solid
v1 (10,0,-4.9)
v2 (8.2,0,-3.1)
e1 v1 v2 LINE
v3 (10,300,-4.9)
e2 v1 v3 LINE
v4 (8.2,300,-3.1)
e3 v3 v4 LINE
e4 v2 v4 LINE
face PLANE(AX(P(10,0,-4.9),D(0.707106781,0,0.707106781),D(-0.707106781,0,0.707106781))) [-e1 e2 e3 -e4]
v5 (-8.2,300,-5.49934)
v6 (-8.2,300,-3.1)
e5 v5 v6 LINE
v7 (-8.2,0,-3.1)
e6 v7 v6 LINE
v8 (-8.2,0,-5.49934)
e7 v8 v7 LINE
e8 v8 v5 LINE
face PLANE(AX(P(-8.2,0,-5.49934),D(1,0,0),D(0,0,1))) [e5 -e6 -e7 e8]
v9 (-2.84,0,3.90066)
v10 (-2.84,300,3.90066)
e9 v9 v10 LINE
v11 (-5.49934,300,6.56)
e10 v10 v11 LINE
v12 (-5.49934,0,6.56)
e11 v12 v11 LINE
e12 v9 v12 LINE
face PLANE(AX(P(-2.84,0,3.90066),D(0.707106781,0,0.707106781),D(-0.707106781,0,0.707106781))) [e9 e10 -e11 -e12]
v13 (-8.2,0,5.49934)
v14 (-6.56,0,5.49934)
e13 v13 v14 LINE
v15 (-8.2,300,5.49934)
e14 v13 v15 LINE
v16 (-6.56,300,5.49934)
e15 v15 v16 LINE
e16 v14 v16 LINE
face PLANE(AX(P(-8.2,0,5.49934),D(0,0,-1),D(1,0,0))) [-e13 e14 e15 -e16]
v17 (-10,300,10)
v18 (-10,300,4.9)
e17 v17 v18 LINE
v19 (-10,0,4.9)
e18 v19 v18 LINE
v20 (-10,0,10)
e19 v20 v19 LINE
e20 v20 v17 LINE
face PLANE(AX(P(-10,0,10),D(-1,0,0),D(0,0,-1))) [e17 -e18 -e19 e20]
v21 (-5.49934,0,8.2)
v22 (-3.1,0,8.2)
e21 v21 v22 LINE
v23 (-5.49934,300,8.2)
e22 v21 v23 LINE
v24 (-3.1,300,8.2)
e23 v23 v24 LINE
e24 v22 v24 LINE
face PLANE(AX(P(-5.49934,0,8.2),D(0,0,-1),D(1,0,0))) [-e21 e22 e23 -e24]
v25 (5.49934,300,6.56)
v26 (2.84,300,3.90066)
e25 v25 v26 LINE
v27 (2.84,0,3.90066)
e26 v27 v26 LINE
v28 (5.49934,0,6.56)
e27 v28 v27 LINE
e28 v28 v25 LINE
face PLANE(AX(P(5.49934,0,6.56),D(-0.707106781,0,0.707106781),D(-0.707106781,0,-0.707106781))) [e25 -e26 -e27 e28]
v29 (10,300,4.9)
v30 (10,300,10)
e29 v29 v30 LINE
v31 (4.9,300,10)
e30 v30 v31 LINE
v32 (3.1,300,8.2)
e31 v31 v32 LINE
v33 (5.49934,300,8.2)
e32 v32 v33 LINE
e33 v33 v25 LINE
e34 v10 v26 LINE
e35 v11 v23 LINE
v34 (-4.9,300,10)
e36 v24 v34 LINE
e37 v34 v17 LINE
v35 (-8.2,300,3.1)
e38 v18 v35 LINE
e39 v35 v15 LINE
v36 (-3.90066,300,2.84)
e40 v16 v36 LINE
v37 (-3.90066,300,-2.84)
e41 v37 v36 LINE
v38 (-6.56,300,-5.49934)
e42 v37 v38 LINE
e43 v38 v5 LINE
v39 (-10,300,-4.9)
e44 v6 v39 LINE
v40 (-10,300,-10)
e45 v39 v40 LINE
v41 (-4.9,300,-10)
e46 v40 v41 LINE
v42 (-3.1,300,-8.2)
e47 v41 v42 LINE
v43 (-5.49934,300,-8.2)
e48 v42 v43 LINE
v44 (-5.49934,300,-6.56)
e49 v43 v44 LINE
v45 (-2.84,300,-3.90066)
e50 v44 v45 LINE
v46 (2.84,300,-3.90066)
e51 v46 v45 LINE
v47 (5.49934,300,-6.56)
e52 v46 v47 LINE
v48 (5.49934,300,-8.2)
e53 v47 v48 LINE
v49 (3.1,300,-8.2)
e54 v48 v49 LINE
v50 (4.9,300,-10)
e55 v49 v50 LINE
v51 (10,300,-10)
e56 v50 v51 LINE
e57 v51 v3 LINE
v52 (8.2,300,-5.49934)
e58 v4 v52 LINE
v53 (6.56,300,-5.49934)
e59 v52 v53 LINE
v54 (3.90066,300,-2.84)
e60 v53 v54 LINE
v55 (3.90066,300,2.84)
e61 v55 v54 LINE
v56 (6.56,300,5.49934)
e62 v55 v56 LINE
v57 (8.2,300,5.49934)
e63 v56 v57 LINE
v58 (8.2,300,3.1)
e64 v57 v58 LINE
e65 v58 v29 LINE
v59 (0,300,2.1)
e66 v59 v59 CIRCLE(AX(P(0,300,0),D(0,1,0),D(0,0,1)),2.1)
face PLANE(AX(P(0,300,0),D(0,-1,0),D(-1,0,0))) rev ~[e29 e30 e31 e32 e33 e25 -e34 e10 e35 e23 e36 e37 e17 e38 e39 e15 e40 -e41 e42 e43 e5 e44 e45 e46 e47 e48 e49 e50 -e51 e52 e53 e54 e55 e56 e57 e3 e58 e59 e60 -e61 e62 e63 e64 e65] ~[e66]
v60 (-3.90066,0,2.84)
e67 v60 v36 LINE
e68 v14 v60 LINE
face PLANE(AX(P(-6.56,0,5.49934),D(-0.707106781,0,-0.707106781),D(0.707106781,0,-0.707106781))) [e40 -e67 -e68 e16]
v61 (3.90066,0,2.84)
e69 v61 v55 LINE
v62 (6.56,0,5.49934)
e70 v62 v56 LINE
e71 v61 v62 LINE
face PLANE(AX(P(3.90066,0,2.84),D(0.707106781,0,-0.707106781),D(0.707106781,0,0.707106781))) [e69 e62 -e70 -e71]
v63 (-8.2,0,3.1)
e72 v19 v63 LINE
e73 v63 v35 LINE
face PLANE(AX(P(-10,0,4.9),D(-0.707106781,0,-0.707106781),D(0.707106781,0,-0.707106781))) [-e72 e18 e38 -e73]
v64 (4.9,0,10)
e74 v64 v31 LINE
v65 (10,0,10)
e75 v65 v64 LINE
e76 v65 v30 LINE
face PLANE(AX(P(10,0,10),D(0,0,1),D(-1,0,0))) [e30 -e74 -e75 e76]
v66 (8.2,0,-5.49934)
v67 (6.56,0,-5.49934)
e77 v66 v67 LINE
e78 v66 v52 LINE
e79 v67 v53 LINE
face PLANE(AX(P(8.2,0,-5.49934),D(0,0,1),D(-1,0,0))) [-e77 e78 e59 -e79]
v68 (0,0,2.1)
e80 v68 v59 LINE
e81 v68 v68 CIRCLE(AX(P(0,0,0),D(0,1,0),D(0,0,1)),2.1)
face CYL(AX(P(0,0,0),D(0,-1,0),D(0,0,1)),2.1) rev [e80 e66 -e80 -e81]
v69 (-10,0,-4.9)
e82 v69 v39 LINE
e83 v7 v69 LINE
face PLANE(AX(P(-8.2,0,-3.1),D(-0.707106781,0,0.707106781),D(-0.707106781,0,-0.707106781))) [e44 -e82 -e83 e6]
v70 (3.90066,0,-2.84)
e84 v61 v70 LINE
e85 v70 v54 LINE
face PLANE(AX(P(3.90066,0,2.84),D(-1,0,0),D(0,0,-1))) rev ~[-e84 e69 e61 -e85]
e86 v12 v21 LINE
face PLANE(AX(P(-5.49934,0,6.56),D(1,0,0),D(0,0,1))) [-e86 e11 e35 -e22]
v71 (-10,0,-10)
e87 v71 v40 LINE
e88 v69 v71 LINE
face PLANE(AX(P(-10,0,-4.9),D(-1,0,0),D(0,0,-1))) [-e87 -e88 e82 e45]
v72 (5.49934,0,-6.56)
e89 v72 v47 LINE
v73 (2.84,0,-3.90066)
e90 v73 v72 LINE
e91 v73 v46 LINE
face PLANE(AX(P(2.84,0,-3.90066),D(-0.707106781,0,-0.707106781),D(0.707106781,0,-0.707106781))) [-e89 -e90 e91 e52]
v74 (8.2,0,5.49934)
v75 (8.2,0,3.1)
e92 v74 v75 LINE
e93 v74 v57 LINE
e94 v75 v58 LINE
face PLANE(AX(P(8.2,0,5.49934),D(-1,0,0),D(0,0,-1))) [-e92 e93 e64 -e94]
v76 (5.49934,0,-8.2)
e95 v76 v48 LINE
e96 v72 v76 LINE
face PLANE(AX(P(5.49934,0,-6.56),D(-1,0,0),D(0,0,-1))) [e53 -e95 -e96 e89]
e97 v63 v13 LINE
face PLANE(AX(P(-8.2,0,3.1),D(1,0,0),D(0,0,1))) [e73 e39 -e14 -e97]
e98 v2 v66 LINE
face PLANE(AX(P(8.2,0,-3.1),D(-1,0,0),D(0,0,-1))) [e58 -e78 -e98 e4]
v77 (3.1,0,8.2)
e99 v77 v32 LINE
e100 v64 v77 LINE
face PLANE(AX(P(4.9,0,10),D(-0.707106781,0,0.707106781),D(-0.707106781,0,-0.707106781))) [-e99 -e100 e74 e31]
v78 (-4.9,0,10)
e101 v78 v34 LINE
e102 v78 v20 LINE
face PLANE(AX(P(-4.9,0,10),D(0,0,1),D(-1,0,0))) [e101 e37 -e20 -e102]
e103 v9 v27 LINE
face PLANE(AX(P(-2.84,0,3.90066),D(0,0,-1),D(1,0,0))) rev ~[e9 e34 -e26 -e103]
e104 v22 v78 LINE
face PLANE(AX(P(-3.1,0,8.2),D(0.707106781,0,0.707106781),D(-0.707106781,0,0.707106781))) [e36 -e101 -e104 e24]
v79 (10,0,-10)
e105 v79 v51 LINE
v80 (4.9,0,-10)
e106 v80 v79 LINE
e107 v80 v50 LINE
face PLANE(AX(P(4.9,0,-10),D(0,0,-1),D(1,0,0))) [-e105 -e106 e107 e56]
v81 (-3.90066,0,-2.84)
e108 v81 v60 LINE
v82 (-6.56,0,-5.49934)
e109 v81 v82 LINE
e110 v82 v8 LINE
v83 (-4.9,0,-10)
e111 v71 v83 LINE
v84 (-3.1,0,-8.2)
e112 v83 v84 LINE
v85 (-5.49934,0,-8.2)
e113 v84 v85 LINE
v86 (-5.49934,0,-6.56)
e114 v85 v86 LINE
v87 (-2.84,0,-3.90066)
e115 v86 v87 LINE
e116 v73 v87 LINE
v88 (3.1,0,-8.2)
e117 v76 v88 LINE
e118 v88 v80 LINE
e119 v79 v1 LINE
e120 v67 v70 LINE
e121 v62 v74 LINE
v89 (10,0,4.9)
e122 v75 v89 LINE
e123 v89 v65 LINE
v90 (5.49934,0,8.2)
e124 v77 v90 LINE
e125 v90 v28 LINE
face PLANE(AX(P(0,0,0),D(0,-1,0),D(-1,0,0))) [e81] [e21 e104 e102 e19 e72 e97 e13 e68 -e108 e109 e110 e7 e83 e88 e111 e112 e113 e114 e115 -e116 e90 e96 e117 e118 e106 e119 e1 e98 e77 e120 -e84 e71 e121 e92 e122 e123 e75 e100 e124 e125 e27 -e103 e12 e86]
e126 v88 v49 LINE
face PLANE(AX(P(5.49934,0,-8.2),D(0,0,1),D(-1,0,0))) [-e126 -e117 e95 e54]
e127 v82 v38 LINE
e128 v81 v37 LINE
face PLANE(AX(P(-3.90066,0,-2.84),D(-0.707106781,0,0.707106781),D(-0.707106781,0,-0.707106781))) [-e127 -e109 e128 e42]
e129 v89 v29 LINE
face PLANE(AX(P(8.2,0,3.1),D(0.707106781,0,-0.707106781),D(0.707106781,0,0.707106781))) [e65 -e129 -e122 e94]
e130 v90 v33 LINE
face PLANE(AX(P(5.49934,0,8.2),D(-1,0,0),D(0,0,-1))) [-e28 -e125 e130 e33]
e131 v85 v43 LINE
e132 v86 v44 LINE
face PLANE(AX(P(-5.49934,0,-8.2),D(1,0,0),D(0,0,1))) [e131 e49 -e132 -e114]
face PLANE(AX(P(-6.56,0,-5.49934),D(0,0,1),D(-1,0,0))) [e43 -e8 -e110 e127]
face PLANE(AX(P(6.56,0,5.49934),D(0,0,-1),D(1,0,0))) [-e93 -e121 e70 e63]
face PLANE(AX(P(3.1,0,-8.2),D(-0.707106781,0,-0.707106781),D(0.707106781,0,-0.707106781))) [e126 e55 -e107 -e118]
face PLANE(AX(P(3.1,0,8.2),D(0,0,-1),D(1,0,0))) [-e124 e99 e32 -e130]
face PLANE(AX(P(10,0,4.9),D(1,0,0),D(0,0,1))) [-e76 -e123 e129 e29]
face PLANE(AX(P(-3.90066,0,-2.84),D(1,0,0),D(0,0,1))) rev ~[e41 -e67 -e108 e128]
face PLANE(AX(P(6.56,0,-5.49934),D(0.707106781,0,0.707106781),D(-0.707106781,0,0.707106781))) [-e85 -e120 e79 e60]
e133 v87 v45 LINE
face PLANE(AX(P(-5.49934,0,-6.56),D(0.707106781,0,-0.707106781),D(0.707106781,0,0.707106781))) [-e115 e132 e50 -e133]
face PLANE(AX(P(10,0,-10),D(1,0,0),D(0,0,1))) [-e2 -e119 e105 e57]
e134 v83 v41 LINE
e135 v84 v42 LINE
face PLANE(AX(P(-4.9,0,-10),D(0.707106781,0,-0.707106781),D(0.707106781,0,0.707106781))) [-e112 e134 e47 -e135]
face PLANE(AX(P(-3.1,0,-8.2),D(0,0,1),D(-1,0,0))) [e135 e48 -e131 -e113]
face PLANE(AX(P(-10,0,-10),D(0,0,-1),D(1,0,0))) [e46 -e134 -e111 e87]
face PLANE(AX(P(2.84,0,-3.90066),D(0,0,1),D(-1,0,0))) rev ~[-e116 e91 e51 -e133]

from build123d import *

# Parameters (mm, degrees)
SKETCH1_R           = 2.1
BOSS_EXTRUDE1_DEPTH = 300


with BuildPart() as part:
    # Sketch1 → Boss-Extrude1 (new body)
    with BuildSketch(Plane(origin=(0, 0, 0), x_dir=(1, 0, 0), z_dir=(0, 1, 0))):
        Polygon((-3.900660172, -2.84), (-3.900660172, 0), (-3.900660172, 2.84), (-6.56, 5.499339828), (-8.2, 5.499339828), (-8.2, 3.1), (-10, 4.9), (-10, 10), (-4.9, 10), (-3.1, 8.2), (-5.499339828, 8.2), (-5.499339828, 6.56), (-2.84, 3.900660172), (0, 3.900660172), (2.84, 3.900660172), (5.499339828, 6.56), (5.499339828, 8.2), (3.1, 8.2), (4.9, 10), (10, 10), (10, 4.9), (8.2, 3.1), (8.2, 5.499339828), (6.56, 5.499339828), (3.900660172, 2.84), (3.900660172, 0), (3.900660172, -2.84), (6.56, -5.499339828), (8.2, -5.499339828), (8.2, -3.1), (10, -4.9), (10, -10), (4.9, -10), (3.1, -8.2), (5.499339828, -8.2), (5.499339828, -6.56), (2.84, -3.900660172), (0, -3.900660172), (-2.84, -3.900660172), (-5.499339828, -6.56), (-5.499339828, -8.2), (-3.1, -8.2), (-4.9, -10), (-10, -10), (-10, -4.9), (-8.2, -3.1), (-8.2, -5.499339828), (-6.56, -5.499339828), align=None)
        with Locations(Location((0, 0, 0), (0, 0, 270))):
            Circle(SKETCH1_R, mode=Mode.SUBTRACT)
    extrude(amount=BOSS_EXTRUDE1_DEPTH)


solid = part.part
